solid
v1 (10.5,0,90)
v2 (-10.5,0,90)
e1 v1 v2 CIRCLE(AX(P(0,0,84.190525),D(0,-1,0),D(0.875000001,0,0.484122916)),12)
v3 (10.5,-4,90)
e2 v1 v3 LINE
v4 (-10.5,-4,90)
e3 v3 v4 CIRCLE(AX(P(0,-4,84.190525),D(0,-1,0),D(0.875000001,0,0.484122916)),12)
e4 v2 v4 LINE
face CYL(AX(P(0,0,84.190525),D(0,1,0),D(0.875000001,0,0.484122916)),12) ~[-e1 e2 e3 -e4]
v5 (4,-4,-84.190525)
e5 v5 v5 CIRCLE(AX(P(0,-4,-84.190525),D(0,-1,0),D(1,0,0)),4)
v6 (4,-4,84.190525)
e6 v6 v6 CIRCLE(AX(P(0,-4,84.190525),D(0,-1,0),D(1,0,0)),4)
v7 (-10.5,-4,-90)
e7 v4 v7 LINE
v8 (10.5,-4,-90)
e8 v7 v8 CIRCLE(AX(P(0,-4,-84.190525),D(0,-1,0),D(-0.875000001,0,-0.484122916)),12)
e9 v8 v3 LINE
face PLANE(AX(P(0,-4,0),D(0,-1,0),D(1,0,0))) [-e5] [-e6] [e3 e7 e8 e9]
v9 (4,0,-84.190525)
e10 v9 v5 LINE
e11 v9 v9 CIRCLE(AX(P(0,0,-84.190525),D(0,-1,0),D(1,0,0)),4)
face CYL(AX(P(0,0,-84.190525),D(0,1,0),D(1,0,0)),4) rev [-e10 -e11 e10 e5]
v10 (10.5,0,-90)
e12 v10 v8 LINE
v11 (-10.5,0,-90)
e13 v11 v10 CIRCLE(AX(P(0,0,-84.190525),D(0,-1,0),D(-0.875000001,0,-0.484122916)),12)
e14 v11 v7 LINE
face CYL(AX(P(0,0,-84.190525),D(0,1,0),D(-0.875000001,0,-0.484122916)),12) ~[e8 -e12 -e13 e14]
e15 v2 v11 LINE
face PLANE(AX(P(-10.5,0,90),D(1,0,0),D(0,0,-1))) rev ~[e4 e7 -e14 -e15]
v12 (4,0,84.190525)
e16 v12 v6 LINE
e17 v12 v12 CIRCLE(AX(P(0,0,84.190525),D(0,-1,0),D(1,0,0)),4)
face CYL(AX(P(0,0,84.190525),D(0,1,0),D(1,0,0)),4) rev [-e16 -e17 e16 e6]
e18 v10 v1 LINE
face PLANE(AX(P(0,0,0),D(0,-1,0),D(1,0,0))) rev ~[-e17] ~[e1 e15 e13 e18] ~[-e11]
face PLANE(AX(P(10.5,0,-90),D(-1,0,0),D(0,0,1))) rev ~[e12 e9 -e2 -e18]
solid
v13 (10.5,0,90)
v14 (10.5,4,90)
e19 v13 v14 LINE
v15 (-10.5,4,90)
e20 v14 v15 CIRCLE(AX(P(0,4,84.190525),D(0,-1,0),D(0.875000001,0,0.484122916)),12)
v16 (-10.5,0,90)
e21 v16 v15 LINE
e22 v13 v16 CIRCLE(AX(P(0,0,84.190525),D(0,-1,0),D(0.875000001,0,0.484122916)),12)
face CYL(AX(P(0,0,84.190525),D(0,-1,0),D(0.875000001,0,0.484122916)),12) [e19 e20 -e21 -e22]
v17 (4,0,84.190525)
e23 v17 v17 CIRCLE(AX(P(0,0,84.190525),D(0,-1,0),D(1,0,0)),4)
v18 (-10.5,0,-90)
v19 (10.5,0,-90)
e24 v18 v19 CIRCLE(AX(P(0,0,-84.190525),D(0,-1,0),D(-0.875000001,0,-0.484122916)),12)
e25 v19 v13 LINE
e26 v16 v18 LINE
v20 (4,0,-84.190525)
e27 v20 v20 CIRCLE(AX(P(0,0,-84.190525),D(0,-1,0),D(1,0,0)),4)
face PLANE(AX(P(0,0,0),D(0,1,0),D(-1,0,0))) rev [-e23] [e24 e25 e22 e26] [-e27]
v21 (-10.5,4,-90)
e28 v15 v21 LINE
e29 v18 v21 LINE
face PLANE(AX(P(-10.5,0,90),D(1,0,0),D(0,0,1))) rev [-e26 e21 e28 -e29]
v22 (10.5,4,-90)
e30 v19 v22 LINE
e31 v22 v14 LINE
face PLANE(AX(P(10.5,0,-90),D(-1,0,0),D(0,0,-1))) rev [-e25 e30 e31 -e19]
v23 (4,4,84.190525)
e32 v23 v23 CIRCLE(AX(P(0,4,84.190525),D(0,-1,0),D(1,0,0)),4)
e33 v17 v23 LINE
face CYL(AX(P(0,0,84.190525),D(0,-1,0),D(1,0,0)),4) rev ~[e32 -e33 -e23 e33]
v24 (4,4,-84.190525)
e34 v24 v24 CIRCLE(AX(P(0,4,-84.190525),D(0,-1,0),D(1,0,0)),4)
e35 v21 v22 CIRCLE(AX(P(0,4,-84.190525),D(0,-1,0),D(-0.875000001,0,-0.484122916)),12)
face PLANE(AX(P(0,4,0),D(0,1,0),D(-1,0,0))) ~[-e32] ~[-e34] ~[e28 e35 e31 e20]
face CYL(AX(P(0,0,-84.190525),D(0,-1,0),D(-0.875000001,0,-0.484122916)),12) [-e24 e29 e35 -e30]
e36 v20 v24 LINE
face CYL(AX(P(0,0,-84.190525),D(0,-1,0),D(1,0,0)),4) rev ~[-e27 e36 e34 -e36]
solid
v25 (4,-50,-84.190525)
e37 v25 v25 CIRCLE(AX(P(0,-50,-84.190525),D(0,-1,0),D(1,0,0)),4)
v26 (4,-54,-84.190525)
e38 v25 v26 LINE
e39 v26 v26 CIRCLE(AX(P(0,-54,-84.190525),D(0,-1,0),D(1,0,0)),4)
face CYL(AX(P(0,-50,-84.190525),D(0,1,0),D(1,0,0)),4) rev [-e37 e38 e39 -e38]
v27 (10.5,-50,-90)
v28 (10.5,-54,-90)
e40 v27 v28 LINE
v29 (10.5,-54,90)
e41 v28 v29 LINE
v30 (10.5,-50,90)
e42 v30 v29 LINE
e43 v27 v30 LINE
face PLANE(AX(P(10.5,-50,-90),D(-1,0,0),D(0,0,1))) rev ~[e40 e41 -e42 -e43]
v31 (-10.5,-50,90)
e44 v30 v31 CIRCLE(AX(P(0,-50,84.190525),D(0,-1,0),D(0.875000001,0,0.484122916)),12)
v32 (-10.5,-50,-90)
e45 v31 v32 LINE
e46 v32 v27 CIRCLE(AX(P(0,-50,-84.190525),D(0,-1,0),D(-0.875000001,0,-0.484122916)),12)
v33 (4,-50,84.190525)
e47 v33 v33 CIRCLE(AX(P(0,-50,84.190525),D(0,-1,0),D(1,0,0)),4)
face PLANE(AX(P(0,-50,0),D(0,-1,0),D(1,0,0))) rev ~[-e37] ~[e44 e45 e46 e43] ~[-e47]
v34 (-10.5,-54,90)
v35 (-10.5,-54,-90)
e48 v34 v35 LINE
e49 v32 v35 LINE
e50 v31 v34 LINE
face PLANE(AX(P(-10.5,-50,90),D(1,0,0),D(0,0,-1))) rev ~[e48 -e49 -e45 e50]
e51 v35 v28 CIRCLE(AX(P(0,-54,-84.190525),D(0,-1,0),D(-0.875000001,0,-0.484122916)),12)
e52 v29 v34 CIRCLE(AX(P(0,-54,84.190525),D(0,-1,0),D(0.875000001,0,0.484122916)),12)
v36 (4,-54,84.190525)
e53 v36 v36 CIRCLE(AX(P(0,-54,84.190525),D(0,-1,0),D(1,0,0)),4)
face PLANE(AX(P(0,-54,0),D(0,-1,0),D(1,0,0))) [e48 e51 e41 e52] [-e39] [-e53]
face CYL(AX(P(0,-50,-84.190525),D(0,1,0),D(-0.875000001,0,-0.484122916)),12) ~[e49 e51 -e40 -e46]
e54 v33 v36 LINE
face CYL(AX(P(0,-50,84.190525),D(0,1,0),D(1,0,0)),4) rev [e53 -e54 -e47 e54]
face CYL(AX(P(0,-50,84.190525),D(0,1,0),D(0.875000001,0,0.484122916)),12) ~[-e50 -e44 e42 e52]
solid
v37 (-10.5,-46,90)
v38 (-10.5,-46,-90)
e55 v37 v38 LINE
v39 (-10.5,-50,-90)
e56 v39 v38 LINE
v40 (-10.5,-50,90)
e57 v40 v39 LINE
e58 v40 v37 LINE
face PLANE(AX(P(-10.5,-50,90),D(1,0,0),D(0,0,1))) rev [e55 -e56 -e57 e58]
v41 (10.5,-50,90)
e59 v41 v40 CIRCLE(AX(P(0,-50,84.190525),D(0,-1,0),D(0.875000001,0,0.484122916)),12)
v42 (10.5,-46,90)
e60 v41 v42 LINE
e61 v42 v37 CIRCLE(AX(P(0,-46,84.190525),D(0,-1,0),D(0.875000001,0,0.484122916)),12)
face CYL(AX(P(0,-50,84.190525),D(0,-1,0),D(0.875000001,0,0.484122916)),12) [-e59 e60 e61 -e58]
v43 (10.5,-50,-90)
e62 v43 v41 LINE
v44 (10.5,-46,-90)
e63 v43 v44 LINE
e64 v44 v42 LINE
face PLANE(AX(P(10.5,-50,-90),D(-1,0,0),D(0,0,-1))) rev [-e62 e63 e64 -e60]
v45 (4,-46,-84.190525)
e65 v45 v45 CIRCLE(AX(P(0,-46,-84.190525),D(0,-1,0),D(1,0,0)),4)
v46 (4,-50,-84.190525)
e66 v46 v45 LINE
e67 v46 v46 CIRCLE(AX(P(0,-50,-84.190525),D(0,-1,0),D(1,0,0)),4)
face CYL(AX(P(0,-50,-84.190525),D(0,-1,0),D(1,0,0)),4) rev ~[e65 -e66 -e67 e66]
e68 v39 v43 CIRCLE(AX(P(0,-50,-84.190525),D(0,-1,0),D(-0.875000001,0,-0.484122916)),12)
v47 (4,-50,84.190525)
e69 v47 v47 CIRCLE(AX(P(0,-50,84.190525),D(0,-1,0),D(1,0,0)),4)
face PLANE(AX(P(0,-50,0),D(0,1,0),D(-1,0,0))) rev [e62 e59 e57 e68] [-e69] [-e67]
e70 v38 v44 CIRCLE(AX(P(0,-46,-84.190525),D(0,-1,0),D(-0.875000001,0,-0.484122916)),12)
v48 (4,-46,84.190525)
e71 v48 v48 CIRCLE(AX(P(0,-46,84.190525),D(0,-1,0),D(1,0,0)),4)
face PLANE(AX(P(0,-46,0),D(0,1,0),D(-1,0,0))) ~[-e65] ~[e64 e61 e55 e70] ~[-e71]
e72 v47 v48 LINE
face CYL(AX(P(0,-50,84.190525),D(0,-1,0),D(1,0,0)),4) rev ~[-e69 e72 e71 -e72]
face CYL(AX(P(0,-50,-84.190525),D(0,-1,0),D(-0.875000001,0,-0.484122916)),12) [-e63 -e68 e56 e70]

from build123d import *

# Parameters (mm, degrees)
F0_R     = 4
F1_DEPTH = 4


with BuildPart() as f1:
    # F0 (on Front) → F1 (new body)
    with BuildSketch(Plane.XZ):
        with BuildLine():
            ThreePointArc((10.5, 90), (0, 96.190525), (-10.5, 90))
            Line((-10.5, 90), (-10.5, -90))
            ThreePointArc((-10.5, -90), (0, -96.190525), (10.5, -90))
            Line((10.5, -90), (10.5, 90))
        make_face()
        with Locations((0, -84.190525)):
            Circle(F0_R, mode=Mode.SUBTRACT)
        with Locations((0, 84.190525)):
            Circle(F0_R, mode=Mode.SUBTRACT)
    extrude(amount=F1_DEPTH)


with BuildPart() as f2_1:
    # F2: instance of F1
    add(f1.part.mirror(Plane.XZ))


with BuildPart() as f4_1:
    # F4: instance of F2_1
    add(f2_1.part.mirror(Plane.XZ.offset(25)))


with BuildPart() as f4_2:
    # F4: instance of F1
    add(f1.part.mirror(Plane.XZ.offset(25)))


solid = Compound([f1.part, f2_1.part, f4_1.part, f4_2.part])
